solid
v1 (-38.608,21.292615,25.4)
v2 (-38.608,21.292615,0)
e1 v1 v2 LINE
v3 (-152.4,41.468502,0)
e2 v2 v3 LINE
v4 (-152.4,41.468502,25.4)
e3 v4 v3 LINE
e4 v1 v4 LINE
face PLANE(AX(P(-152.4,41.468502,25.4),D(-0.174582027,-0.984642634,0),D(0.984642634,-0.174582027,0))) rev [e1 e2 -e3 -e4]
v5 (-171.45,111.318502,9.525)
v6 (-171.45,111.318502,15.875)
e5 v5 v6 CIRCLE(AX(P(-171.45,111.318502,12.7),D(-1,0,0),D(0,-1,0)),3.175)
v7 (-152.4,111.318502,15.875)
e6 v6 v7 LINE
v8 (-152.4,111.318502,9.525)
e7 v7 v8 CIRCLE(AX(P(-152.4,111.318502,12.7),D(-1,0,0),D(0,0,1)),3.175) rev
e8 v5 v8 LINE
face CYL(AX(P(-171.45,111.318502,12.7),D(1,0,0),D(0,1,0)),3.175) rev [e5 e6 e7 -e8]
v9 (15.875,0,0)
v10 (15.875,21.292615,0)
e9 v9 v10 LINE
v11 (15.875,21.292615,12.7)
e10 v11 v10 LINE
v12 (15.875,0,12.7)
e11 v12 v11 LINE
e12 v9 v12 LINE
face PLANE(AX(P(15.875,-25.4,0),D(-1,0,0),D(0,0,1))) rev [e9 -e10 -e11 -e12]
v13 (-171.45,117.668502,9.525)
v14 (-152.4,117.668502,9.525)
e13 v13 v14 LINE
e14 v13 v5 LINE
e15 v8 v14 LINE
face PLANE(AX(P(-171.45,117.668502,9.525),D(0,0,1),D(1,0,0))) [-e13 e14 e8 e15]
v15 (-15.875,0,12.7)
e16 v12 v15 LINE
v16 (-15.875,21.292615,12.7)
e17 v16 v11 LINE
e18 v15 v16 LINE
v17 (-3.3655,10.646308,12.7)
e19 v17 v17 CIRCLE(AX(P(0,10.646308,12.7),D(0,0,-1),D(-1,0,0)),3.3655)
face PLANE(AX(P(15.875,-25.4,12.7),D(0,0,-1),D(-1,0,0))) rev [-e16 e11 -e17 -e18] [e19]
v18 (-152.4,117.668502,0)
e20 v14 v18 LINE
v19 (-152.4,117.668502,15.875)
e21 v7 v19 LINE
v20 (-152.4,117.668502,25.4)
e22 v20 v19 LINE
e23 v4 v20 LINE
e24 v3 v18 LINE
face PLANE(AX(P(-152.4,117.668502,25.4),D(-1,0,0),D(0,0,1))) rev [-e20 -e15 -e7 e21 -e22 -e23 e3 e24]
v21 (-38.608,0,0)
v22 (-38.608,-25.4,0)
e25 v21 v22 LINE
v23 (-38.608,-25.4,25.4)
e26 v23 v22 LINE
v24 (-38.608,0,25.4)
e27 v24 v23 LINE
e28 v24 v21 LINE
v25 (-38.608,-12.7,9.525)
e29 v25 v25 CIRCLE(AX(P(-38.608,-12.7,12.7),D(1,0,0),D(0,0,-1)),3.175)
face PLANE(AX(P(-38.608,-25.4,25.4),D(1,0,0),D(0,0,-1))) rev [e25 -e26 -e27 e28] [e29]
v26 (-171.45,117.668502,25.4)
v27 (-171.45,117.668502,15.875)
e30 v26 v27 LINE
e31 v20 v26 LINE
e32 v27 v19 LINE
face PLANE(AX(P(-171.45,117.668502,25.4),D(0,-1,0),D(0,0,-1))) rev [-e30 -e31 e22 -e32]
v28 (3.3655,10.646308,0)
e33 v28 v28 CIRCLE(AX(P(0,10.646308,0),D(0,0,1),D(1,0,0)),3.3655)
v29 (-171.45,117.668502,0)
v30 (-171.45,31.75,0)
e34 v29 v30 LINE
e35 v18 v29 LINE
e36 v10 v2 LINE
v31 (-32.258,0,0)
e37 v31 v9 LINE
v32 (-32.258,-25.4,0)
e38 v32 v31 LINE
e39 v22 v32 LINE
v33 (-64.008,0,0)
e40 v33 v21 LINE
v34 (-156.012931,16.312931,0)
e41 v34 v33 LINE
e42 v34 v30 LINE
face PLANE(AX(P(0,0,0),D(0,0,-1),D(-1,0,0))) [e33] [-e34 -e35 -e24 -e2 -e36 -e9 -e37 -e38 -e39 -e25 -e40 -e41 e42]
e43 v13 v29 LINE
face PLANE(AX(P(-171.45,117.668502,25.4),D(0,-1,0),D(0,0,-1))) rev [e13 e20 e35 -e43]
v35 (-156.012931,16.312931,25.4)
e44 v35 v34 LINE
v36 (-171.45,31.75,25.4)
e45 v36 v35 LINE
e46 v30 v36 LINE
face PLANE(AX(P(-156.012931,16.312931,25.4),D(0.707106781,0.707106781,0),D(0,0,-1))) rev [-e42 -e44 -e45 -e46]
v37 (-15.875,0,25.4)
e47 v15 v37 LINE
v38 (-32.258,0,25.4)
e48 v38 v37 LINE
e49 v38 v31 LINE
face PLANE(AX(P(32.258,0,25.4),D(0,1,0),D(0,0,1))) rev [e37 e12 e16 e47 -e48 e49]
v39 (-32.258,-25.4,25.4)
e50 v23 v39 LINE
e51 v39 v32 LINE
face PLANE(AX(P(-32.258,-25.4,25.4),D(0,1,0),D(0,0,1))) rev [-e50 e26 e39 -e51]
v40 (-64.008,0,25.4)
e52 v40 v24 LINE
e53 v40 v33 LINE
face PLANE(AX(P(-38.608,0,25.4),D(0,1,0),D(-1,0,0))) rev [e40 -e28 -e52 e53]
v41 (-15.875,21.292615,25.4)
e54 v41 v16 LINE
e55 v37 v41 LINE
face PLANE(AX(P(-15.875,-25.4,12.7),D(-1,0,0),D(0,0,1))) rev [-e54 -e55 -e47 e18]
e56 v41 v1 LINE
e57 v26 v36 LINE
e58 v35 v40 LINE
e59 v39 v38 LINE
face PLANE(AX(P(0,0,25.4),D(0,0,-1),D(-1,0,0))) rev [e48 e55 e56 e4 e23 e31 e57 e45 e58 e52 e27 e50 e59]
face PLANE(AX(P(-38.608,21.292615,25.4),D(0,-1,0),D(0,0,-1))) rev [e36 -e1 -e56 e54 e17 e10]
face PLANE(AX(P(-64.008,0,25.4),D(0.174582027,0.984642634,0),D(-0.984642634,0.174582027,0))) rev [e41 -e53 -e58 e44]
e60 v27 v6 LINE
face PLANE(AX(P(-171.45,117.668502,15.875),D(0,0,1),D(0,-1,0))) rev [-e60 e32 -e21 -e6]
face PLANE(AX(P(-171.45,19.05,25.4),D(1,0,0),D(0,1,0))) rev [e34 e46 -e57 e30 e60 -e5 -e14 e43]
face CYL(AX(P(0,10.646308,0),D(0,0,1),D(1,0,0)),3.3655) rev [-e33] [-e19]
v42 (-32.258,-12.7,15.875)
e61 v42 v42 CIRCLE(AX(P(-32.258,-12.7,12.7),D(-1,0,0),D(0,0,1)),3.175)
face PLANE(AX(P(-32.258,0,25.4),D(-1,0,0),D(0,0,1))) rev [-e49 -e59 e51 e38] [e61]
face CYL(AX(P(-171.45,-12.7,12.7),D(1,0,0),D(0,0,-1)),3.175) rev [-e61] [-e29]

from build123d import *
from OCP.BRepFilletAPI import BRepFilletAPI_MakeChamfer

# Parameters (mm, degrees)
BOSS_EXTRUDE1_DEPTH     = 25.4
CUT_EXTRUDE1_DEPTH      = 364.416353858
CUT_EXTRUDE1_DEPTH_BACK = 364.416353858
CUT_EXTRUDE2_DEPTH      = 243.106174261
CUT_EXTRUDE2_DEPTH_BACK = 243.106174261
SKETCH3_R               = 3.175
CHAMFER1_SIZE           = 12.7
CHAMFER1_SIZE2          = 15.677839289
CUT_EXTRUDE3_DEPTH      = 199.314331311
CUT_EXTRUDE3_DEPTH_BACK = 199.314331311
CUT_EXTRUDE4_DEPTH      = 209.332111666
CUT_EXTRUDE4_DEPTH_BACK = 209.332111666
SKETCH5_R               = 3.3655


with BuildPart() as part:
    # Sketch1 → Boss-Extrude1 (new body)
    with BuildSketch(Plane.XY):
        Polygon((32.258, 0), (-32.258, 0), (-32.258, -25.4), (-38.608, -25.4), (-38.608, 0), (-64.008, 0), (-171.45, 19.05), (-171.45, 117.668501525), (-152.4, 117.668501525), (-152.4, 41.468501525), (-38.608, 21.292615), (38.608, 21.292615), (152.4, 41.468501525), (152.4, 117.668501525), (171.45, 117.668501525), (171.45, 19.05), (64.008, 0), (38.608, 0), (38.608, -25.4), (32.258, -25.4), align=None)
    extrude(amount=BOSS_EXTRUDE1_DEPTH)

    # Sketch2 → Cut-Extrude1 (cut, two sides: drawn at the far end of the back side and taken through both)
    with BuildSketch(Plane(origin=(171.45, 0, 0), x_dir=(0, 0, -1), z_dir=(1, 0, 0)).offset(-CUT_EXTRUDE1_DEPTH_BACK)):
        with BuildLine():
            Line((-15.875, 117.668501525), (-9.525, 117.668501525))
            Line((-9.525, 117.668501525), (-9.525, 111.318501525))
            ThreePointArc((-9.525, 111.318501525), (-12.7, 108.143501525), (-15.875, 111.318501525))
            Line((-15.875, 111.318501525), (-15.875, 117.668501525))
        make_face()
    extrude(amount=CUT_EXTRUDE1_DEPTH + CUT_EXTRUDE1_DEPTH_BACK, mode=Mode.SUBTRACT)

    # Sketch3 → Cut-Extrude2 (cut, two sides: drawn at the far end of the back side and taken through both)
    with BuildSketch(Plane(origin=(38.608, 0, 0), x_dir=(0, 0, -1), z_dir=(1, 0, 0)).offset(-CUT_EXTRUDE2_DEPTH_BACK)):
        with Locations((-12.7, -12.7)):
            Circle(SKETCH3_R)
    extrude(amount=CUT_EXTRUDE2_DEPTH + CUT_EXTRUDE2_DEPTH_BACK, mode=Mode.SUBTRACT)

    # Chamfer1: one chamfer whose edges measure the first distance from different faces: ONE call of the kernel's chamfer builder (chamfer() names one face for all edges)
    chamfer1_edges_1 = [part.edges().sort_by_distance(p)[0] for p in [
        (-171.45, 19.05, 12.7),
    ]]
    chamfer1_side_1 = [part.faces().sort_by_distance(p)[0] for p in [
        (-171.45, 67.330500984, 12.7),
    ]]
    chamfer1_edges_2 = [part.edges().sort_by_distance(p)[0] for p in [
        (171.45, 19.05, 12.7),
    ]]
    chamfer1_side_2 = [part.faces().sort_by_distance(p)[0] for p in [
        (117.729, 9.525, 12.7),
    ]]
    chamfer1 = BRepFilletAPI_MakeChamfer(part.part.solid().wrapped)
    for e in chamfer1_edges_1:
        chamfer1.Add(CHAMFER1_SIZE, CHAMFER1_SIZE2, e.wrapped, chamfer1_side_1[0].wrapped)  # the first distance lies on this face
    for e in chamfer1_edges_2:
        chamfer1.Add(CHAMFER1_SIZE, CHAMFER1_SIZE2, e.wrapped, chamfer1_side_2[0].wrapped)  # the first distance lies on this face
    add(Compound.cast(chamfer1.Shape()), mode=Mode.REPLACE)

    # Sketch4 → Cut-Extrude3 (cut, two sides: drawn at the far end of the back side and taken through both)
    with BuildSketch(Plane(origin=(0, 21.292615, 0), x_dir=(1, 0, 0), z_dir=(0, 1, 0)).offset(-CUT_EXTRUDE3_DEPTH_BACK)):
        Polygon((15.875, 0), (15.875, -12.7), (-15.875, -12.7), (-15.875, -25.4), (141.747764855, -83.64087264), (246.478777591, -63.978728487), (187.893613379, 40.752284248), align=None)
    extrude(amount=CUT_EXTRUDE3_DEPTH + CUT_EXTRUDE3_DEPTH_BACK, mode=Mode.SUBTRACT)

    # Sketch5 → Cut-Extrude4 (cut, two sides: drawn at the far end of the back side and taken through both)
    with BuildSketch(Plane.XY.offset(12.7).offset(-CUT_EXTRUDE4_DEPTH_BACK)):
        with Locations((0, 10.6463075)):
            Circle(SKETCH5_R)
    extrude(amount=CUT_EXTRUDE4_DEPTH + CUT_EXTRUDE4_DEPTH_BACK, mode=Mode.SUBTRACT)


solid = part.part
